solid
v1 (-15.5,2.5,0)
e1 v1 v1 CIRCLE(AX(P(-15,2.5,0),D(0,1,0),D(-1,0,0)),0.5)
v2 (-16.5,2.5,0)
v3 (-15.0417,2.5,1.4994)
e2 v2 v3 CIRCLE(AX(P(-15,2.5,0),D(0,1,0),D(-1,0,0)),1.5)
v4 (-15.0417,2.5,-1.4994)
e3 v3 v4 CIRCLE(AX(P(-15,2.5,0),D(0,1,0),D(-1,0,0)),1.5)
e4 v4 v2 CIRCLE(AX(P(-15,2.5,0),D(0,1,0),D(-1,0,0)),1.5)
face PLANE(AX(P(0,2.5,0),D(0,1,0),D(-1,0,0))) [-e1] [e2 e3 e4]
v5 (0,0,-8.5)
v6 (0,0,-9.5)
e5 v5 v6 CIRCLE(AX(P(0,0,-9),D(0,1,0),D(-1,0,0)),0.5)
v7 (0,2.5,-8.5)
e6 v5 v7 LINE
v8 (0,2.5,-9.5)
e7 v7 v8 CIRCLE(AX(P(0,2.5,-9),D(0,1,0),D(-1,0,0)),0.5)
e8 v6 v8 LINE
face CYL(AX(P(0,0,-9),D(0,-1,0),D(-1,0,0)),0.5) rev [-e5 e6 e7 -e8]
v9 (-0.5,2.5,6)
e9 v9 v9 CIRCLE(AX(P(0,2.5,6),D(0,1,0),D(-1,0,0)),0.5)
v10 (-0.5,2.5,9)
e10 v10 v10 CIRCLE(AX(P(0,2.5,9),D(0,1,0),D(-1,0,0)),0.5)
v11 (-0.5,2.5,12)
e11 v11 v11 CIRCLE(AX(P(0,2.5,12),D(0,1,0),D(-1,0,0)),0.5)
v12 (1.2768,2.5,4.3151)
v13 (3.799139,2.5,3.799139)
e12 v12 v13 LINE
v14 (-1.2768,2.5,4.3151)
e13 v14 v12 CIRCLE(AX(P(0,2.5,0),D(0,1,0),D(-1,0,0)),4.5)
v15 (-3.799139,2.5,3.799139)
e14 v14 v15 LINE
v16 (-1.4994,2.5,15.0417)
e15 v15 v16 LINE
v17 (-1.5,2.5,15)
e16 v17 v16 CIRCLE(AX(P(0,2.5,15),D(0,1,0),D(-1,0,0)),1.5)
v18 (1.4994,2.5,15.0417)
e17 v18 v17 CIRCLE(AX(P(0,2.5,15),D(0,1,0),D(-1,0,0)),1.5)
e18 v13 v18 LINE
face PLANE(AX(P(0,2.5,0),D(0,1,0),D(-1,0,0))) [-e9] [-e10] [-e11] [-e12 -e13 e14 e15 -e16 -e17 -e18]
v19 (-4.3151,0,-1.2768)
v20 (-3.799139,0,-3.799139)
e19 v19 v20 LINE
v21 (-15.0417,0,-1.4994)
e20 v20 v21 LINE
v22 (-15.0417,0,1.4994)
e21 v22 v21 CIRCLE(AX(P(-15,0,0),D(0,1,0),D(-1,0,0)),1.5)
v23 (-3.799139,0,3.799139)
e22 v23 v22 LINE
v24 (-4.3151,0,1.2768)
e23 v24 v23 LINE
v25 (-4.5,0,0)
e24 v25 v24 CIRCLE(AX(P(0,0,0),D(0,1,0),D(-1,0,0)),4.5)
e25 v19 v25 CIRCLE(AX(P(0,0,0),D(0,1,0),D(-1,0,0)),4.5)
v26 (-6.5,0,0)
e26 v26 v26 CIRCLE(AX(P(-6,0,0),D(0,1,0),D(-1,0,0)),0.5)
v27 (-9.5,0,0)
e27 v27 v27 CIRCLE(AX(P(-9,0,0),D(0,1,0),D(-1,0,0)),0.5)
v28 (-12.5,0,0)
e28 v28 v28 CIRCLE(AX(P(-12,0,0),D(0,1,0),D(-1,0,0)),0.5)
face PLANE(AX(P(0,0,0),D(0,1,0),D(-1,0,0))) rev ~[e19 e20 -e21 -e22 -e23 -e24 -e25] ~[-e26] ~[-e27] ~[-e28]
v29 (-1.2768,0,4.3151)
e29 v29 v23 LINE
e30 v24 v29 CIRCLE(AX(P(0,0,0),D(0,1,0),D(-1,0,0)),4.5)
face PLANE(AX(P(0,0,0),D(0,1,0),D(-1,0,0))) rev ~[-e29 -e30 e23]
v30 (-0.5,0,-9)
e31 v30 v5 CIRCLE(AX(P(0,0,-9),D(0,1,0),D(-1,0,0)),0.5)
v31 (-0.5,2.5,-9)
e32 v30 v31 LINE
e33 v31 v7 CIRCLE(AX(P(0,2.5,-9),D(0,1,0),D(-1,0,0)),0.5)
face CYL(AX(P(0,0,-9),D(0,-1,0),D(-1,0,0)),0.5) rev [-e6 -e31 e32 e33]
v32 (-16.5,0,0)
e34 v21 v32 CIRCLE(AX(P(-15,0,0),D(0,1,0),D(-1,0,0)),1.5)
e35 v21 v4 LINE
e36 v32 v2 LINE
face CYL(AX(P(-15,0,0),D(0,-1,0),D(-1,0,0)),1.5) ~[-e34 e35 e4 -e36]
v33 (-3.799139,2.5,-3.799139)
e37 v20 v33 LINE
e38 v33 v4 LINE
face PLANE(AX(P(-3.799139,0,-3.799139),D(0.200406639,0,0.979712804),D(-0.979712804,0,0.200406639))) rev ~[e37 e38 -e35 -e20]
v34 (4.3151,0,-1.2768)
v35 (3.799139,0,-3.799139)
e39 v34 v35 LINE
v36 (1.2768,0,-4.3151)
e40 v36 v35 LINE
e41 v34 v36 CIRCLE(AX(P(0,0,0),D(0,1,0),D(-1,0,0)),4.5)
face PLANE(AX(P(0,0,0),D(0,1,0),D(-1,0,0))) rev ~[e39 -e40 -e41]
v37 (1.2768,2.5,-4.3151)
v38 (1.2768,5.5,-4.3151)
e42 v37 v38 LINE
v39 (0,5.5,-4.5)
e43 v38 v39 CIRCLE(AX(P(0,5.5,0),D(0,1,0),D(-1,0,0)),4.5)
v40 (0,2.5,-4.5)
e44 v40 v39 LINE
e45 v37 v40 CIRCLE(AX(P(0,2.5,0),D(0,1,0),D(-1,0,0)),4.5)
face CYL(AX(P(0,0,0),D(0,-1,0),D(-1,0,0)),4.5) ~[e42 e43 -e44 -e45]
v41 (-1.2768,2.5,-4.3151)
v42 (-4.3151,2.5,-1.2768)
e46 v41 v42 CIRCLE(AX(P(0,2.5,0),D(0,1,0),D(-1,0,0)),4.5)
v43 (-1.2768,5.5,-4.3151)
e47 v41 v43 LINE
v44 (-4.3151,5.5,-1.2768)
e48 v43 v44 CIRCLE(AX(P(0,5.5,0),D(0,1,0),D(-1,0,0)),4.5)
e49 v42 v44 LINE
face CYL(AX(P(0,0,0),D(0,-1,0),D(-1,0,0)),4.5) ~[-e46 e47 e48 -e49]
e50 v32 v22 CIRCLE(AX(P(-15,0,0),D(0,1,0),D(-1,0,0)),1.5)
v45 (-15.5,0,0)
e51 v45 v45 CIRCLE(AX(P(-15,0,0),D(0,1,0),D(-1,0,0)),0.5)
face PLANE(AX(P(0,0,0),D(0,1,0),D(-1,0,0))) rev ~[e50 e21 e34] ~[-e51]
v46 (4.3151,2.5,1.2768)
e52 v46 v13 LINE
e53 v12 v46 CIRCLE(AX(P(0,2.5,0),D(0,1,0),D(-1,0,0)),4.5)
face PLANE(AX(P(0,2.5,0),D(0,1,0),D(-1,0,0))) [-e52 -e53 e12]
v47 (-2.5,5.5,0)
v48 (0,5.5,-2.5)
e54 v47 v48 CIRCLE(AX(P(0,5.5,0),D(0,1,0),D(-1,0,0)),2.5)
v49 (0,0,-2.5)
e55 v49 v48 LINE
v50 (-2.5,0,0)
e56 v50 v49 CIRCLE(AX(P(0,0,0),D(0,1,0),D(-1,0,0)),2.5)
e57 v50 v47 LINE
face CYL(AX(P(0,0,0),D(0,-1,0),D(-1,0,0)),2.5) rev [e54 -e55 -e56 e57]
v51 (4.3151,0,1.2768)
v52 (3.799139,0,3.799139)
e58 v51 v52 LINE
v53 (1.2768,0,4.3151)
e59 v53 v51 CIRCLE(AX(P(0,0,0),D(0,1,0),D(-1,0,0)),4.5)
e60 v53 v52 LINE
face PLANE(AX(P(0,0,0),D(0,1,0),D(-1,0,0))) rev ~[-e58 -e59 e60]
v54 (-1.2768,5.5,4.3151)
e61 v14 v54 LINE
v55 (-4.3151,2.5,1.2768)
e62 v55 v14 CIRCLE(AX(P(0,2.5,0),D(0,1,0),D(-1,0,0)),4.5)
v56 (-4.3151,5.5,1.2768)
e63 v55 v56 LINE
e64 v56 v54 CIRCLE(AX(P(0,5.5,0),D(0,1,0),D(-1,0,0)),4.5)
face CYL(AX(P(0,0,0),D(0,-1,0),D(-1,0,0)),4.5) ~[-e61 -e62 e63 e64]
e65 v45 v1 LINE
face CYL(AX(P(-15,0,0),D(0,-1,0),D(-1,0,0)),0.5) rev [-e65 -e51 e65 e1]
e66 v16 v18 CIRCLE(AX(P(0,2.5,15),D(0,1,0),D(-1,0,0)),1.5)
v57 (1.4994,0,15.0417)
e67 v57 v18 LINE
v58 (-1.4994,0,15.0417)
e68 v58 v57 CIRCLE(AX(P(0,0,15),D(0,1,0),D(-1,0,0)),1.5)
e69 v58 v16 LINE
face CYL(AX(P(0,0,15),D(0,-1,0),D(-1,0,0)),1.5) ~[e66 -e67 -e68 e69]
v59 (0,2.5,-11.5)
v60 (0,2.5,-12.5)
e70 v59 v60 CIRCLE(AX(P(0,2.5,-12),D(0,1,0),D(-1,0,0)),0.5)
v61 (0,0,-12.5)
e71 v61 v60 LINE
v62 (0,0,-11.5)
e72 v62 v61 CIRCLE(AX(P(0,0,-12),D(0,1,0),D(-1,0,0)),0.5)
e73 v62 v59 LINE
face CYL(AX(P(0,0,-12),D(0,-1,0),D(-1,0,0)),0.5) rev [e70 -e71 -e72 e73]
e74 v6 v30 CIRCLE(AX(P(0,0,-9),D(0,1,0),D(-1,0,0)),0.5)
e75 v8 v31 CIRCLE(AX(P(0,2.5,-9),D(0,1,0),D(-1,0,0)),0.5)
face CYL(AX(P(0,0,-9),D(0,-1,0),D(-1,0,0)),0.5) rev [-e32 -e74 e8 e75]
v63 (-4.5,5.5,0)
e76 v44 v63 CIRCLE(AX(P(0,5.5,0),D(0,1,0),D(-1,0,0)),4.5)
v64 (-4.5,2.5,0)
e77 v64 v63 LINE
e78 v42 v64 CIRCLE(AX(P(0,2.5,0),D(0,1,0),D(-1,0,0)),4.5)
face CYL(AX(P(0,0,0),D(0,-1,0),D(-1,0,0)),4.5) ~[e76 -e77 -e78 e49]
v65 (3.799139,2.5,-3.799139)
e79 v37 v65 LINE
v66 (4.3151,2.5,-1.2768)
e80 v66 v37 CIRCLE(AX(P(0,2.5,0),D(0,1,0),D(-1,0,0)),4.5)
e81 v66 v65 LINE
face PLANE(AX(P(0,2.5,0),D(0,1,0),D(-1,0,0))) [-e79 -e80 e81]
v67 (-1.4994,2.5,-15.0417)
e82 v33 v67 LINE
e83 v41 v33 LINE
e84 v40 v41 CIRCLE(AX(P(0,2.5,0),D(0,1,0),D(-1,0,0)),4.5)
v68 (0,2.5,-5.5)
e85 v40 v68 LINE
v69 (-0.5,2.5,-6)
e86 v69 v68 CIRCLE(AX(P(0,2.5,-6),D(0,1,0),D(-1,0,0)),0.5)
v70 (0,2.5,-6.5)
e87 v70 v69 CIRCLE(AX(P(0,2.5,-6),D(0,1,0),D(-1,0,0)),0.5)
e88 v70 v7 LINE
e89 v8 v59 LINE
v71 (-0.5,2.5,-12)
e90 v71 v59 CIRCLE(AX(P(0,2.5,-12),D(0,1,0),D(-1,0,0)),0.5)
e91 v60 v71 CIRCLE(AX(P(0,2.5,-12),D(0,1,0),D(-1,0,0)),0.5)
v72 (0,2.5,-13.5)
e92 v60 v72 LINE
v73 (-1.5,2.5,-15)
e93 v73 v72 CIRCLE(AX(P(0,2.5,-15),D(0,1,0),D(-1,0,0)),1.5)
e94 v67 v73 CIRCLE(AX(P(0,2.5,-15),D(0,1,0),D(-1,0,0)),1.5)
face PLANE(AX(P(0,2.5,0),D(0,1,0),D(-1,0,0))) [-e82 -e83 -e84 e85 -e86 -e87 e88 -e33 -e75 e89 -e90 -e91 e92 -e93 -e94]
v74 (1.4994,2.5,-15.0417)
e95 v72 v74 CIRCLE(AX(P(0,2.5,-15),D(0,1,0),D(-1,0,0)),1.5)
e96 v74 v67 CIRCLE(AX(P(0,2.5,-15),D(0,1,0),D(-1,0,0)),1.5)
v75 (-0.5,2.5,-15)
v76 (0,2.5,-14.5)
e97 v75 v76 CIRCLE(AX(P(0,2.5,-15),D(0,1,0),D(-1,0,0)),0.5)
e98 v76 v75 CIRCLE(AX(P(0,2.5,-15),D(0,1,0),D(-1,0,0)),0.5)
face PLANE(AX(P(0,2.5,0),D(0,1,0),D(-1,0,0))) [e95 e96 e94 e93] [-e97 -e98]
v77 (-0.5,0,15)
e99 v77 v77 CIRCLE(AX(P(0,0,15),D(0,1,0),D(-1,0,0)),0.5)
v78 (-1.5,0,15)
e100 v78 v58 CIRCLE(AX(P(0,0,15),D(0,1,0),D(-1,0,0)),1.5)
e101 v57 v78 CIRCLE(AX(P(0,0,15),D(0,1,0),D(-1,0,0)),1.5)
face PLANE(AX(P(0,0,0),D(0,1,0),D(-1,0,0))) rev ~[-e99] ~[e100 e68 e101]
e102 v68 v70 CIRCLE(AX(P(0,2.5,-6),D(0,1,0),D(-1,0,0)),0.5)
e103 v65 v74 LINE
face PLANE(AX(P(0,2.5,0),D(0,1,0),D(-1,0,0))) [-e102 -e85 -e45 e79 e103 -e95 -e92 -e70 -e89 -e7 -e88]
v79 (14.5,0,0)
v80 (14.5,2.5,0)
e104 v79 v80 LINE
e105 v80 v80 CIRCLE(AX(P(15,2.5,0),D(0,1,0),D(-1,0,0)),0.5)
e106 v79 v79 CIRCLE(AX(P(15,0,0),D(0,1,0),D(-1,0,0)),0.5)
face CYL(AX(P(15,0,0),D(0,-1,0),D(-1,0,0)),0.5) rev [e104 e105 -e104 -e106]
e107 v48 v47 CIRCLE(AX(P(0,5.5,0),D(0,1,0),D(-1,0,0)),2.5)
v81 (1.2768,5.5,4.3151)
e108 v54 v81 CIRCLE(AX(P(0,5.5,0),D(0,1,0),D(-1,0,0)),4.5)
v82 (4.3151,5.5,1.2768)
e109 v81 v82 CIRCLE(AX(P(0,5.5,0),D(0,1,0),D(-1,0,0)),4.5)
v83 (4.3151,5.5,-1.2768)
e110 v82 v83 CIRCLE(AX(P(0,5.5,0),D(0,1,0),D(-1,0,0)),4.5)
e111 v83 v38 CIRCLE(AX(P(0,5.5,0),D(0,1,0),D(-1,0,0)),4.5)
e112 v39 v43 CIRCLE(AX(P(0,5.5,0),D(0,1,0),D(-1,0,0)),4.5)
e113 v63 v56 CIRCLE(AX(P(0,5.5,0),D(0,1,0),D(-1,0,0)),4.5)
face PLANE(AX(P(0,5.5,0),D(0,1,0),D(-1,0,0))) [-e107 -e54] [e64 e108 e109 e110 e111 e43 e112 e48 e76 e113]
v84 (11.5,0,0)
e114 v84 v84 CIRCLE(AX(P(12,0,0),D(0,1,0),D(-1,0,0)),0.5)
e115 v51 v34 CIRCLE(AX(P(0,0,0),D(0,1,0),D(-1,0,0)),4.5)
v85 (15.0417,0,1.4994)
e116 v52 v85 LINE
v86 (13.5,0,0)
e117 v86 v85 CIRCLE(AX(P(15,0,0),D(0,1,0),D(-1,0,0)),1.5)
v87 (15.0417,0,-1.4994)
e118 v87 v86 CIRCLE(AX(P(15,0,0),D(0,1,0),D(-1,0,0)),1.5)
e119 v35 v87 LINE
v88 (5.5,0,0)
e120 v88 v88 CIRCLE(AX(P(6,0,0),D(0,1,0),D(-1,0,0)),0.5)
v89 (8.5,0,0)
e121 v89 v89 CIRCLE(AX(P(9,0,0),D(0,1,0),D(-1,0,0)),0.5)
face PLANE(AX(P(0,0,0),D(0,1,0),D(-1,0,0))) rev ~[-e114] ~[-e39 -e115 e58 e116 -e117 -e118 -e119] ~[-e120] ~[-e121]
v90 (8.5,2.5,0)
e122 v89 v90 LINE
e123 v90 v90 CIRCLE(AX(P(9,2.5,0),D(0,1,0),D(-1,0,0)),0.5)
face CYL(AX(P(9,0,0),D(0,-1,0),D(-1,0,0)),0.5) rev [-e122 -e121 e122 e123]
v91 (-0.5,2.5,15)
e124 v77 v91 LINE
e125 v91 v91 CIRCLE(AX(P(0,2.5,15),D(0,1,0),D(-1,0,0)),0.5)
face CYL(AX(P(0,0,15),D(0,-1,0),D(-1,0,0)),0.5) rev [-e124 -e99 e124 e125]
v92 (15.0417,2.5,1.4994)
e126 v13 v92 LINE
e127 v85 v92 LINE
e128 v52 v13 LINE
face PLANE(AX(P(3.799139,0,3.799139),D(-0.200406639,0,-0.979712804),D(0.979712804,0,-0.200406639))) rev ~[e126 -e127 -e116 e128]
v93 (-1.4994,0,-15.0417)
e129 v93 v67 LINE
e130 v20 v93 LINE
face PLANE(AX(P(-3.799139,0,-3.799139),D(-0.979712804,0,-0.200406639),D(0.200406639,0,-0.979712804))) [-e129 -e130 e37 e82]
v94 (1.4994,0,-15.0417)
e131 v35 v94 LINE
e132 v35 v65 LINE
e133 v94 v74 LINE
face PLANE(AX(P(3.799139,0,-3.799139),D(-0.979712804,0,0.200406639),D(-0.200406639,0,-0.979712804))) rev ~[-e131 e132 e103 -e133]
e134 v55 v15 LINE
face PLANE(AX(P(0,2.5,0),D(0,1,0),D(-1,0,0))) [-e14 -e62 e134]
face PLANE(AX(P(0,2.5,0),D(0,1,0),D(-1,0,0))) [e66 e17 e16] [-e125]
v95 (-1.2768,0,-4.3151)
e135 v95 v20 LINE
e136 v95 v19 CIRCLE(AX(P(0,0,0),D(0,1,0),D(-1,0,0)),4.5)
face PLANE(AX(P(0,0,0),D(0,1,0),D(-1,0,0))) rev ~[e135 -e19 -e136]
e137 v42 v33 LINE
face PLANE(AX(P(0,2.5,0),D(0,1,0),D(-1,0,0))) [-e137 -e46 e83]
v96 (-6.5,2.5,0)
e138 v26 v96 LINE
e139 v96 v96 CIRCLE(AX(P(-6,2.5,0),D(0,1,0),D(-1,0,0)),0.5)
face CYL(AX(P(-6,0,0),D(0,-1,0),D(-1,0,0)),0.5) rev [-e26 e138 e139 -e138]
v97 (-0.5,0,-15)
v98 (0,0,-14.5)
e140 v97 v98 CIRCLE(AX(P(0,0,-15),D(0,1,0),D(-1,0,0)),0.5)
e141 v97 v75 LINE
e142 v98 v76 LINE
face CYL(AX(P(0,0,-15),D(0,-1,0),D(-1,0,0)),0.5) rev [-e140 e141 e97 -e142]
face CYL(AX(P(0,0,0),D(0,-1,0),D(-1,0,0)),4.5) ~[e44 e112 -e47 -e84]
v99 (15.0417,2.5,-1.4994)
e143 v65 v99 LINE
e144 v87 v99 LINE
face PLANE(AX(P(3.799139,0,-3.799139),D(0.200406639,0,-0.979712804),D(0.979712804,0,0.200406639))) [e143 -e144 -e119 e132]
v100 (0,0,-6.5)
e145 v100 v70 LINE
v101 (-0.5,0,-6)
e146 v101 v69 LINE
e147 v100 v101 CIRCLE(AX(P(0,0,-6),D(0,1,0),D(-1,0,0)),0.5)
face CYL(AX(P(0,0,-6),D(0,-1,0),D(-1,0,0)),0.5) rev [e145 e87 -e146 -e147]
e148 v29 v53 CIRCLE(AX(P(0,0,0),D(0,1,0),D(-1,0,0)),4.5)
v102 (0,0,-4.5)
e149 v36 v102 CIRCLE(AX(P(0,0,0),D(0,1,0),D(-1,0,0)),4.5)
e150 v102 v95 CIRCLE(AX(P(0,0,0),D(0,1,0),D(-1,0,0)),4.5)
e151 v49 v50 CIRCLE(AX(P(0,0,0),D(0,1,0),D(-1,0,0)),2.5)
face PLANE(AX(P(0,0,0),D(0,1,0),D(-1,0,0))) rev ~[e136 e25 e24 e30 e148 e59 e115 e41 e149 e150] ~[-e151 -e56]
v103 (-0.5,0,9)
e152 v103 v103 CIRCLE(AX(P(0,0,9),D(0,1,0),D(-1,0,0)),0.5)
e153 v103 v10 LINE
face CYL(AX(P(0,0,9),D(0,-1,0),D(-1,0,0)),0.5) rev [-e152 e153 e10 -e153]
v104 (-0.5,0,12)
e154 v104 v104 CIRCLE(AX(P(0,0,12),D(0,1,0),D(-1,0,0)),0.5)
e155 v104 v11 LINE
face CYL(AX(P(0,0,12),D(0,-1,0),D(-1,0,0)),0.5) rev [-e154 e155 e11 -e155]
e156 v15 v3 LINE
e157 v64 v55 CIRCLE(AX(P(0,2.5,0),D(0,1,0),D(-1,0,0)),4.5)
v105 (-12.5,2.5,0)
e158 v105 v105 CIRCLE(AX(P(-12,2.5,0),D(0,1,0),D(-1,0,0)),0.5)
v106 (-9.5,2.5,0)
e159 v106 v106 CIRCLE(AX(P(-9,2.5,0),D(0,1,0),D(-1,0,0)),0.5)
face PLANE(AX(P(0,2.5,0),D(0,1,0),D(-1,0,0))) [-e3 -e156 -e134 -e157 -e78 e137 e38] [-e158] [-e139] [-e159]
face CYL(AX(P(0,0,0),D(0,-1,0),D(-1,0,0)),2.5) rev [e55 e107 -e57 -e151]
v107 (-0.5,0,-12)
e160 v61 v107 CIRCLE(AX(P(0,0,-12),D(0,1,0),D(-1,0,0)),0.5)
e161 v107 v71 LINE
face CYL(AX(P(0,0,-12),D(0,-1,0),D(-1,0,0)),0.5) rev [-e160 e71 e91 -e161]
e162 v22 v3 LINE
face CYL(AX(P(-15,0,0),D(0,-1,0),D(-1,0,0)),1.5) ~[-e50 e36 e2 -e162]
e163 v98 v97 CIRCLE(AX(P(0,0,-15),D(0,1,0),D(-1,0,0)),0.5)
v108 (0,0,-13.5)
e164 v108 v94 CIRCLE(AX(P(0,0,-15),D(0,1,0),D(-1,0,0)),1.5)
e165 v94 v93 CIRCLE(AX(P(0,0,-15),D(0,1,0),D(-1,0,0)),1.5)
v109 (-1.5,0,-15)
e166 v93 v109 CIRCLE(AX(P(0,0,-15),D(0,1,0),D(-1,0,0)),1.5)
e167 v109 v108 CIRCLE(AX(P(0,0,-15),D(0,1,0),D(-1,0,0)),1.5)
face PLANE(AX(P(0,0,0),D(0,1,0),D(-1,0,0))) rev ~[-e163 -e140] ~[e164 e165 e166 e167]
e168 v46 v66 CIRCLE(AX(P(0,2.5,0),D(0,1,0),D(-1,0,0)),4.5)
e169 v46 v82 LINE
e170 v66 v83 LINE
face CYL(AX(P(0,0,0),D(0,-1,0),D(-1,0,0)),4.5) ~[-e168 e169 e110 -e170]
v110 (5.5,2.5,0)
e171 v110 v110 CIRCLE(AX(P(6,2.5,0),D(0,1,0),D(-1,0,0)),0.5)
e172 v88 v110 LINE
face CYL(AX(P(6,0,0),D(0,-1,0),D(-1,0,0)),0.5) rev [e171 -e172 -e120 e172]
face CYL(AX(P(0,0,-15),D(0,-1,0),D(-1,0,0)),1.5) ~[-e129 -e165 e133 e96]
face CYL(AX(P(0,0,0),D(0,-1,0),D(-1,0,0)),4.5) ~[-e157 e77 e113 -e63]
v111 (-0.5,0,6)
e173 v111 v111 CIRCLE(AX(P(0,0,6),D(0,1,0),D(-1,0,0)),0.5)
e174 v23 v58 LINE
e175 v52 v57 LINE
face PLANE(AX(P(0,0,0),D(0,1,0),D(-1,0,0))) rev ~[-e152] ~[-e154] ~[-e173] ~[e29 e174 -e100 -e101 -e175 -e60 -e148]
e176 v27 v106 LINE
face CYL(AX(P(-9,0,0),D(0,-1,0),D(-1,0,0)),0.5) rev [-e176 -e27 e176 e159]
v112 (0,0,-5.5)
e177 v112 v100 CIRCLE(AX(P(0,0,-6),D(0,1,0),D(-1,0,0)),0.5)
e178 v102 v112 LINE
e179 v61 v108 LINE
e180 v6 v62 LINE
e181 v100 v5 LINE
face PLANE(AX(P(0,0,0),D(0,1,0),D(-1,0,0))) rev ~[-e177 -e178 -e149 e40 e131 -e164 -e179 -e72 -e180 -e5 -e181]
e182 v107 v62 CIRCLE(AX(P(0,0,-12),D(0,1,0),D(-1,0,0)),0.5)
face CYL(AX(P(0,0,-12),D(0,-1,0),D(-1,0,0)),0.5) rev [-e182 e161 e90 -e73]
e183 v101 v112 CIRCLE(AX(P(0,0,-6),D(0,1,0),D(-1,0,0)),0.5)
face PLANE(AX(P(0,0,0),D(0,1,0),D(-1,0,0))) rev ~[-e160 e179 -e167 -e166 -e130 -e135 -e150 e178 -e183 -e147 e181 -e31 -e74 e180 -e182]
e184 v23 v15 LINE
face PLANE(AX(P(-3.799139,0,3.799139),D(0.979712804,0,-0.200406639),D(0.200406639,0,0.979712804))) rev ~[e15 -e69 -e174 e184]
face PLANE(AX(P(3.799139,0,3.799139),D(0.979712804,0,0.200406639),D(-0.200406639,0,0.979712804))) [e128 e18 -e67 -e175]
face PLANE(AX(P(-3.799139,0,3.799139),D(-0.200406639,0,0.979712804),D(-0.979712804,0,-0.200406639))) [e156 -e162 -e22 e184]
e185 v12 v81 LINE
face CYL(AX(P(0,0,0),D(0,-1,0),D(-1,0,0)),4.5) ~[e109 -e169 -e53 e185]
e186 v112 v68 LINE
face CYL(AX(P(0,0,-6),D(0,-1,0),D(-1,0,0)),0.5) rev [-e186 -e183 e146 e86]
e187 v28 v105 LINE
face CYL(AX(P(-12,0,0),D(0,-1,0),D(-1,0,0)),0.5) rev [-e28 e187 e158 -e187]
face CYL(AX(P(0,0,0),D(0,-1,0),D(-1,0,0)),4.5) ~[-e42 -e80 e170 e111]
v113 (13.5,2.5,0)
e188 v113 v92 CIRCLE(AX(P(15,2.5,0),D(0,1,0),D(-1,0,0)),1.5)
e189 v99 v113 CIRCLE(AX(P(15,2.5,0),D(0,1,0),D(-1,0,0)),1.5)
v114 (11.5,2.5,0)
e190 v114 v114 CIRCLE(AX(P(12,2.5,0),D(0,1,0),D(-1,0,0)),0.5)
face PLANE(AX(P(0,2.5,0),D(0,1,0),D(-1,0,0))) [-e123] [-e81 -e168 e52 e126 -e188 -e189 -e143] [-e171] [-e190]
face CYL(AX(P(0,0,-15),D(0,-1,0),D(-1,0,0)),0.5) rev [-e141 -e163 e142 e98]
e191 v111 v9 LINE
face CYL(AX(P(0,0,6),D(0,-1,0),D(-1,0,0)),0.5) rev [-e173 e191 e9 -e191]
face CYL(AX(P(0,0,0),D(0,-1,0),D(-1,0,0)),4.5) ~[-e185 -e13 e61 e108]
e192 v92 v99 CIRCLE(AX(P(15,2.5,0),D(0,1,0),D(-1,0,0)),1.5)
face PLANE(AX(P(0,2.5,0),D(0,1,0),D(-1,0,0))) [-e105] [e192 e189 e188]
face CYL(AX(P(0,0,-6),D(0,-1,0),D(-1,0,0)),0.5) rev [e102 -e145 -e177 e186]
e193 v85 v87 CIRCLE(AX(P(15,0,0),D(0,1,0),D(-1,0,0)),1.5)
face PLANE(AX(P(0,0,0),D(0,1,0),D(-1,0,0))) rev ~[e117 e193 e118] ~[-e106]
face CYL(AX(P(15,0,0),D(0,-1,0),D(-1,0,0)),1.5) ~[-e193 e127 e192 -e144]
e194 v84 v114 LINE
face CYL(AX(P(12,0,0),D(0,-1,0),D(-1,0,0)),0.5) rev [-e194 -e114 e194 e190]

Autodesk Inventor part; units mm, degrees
ref_plane "YZ Plane" through (0, 0, 0) normal (1, 0, 0) x (0, 1, 0)
ref_plane "XZ Plane" through (0, 0, 0) normal (0, 1, 0) x (-1, 0, 0)
ref_plane "XY Plane" through (0, 0, 0) normal (0, 0, 1) x (1, 0, 0)
sketch "Sketch1" plane through (0, 0, 0) normal (0, 1, 0) x (-1, 0, 0)
  circle A0 centre (0, 0) radius 4.5
  line L0 (0, 0) -> (0, -15)
  circle A1 centre (0, -15) radius 0.5
  circle A2 centre (0, -15) radius 1.5
  line L1 (4.3151, -1.2768) -> (1.4994, -15.0417)
  line L2 (-4.3151, -1.2768) -> (-1.4994, -15.0417)
  circle A3 centre (0, -6) radius 0.5
  circle A4 centre (0, -9) radius 0.5
  circle A5 centre (0, -12) radius 0.5
  line L3 (0, 0) -> (-1.4994, 0)
  circle A6 centre (0, 15) radius 0.5
  circle A7 centre (0, 15) radius 1.5
  line L4 (4.3151, 1.2768) -> (1.4994, 15.0417)
  line L5 (-4.3151, 1.2768) -> (-1.4994, 15.0417)
  circle A8 centre (0, 6) radius 0.5
  circle A9 centre (0, 9) radius 0.5
  circle A10 centre (0, 12) radius 0.5
  circle A11 centre (0, 0) radius 2.5
  circle A12 centre (-6, 0) radius 0.5
  circle A13 centre (-9, 0) radius 0.5
  circle A14 centre (-12, 0) radius 0.5
  circle A15 centre (-15, 0) radius 0.5
  circle A16 centre (-15, 0) radius 1.5
  line L6 (-1.2768, -4.3151) -> (-15.0417, -1.4994)
  line L7 (-1.2768, 4.3151) -> (-15.0417, 1.4994)
  circle A17 centre (0, 6) radius 0.5
  circle A18 centre (0, 9) radius 0.5
  circle A19 centre (0, 12) radius 0.5
  circle A20 centre (0, 15) radius 0.5
  circle A21 centre (0, 15) radius 1.5
  line L8 (-4.3151, 1.2768) -> (-1.4994, 15.0417)
  line L9 (4.3151, 1.2768) -> (1.4994, 15.0417)
  circle A22 centre (6, 0) radius 0.5
  circle A23 centre (9, 0) radius 0.5
  circle A24 centre (12, 0) radius 0.5
  circle A25 centre (15, 0) radius 0.5
  circle A26 centre (15, 0) radius 1.5
  line L10 (1.2768, 4.3151) -> (15.0417, 1.4994)
  line L11 (1.2768, -4.3151) -> (15.0417, -1.4994)
  point P0 (3.7991, -3.7991)
  point P1 (3.7991, 3.7991)
  point P2 (-3.7991, 3.7991)
  point P3 (-15.0417, 1.4994)
  point P4 (-3.7991, -3.7991)
  dimension "d0" = 9
  dimension "d3" = 3
  dimension "d1" = 15
  dimension "d2" = 1
  dimension "d4" = 1
  dimension "d5" = 1
  dimension "d6" = 1
  dimension "d8" = 3
  dimension "d9" = 3
  dimension "d10" = 3
  dimension "d13" = 5
  dimension "d18" = 360
extrude "Extrusion1" add sketch "Sketch1" along normal blind 2.5 contours A0 L4 L10 A26 L11 L1 | A0 L10 L4 | L1 L11 A0 | A0 L7 L5 A7 L4 L10 | L11 L1 A2 L0 A5 A4 A3 A0 | A0 L5 L7 | A7 | A26 | L0 A3 A4 A5 A2 L2 L6 A0 | A2 | A0 L2 L6 A16 L7 L5 | L6 L2 A0 | A16
extrude "Extrusion2" add sketch "Sketch1" along normal blind 5.5 contours A0
properties part number "90Horn"
